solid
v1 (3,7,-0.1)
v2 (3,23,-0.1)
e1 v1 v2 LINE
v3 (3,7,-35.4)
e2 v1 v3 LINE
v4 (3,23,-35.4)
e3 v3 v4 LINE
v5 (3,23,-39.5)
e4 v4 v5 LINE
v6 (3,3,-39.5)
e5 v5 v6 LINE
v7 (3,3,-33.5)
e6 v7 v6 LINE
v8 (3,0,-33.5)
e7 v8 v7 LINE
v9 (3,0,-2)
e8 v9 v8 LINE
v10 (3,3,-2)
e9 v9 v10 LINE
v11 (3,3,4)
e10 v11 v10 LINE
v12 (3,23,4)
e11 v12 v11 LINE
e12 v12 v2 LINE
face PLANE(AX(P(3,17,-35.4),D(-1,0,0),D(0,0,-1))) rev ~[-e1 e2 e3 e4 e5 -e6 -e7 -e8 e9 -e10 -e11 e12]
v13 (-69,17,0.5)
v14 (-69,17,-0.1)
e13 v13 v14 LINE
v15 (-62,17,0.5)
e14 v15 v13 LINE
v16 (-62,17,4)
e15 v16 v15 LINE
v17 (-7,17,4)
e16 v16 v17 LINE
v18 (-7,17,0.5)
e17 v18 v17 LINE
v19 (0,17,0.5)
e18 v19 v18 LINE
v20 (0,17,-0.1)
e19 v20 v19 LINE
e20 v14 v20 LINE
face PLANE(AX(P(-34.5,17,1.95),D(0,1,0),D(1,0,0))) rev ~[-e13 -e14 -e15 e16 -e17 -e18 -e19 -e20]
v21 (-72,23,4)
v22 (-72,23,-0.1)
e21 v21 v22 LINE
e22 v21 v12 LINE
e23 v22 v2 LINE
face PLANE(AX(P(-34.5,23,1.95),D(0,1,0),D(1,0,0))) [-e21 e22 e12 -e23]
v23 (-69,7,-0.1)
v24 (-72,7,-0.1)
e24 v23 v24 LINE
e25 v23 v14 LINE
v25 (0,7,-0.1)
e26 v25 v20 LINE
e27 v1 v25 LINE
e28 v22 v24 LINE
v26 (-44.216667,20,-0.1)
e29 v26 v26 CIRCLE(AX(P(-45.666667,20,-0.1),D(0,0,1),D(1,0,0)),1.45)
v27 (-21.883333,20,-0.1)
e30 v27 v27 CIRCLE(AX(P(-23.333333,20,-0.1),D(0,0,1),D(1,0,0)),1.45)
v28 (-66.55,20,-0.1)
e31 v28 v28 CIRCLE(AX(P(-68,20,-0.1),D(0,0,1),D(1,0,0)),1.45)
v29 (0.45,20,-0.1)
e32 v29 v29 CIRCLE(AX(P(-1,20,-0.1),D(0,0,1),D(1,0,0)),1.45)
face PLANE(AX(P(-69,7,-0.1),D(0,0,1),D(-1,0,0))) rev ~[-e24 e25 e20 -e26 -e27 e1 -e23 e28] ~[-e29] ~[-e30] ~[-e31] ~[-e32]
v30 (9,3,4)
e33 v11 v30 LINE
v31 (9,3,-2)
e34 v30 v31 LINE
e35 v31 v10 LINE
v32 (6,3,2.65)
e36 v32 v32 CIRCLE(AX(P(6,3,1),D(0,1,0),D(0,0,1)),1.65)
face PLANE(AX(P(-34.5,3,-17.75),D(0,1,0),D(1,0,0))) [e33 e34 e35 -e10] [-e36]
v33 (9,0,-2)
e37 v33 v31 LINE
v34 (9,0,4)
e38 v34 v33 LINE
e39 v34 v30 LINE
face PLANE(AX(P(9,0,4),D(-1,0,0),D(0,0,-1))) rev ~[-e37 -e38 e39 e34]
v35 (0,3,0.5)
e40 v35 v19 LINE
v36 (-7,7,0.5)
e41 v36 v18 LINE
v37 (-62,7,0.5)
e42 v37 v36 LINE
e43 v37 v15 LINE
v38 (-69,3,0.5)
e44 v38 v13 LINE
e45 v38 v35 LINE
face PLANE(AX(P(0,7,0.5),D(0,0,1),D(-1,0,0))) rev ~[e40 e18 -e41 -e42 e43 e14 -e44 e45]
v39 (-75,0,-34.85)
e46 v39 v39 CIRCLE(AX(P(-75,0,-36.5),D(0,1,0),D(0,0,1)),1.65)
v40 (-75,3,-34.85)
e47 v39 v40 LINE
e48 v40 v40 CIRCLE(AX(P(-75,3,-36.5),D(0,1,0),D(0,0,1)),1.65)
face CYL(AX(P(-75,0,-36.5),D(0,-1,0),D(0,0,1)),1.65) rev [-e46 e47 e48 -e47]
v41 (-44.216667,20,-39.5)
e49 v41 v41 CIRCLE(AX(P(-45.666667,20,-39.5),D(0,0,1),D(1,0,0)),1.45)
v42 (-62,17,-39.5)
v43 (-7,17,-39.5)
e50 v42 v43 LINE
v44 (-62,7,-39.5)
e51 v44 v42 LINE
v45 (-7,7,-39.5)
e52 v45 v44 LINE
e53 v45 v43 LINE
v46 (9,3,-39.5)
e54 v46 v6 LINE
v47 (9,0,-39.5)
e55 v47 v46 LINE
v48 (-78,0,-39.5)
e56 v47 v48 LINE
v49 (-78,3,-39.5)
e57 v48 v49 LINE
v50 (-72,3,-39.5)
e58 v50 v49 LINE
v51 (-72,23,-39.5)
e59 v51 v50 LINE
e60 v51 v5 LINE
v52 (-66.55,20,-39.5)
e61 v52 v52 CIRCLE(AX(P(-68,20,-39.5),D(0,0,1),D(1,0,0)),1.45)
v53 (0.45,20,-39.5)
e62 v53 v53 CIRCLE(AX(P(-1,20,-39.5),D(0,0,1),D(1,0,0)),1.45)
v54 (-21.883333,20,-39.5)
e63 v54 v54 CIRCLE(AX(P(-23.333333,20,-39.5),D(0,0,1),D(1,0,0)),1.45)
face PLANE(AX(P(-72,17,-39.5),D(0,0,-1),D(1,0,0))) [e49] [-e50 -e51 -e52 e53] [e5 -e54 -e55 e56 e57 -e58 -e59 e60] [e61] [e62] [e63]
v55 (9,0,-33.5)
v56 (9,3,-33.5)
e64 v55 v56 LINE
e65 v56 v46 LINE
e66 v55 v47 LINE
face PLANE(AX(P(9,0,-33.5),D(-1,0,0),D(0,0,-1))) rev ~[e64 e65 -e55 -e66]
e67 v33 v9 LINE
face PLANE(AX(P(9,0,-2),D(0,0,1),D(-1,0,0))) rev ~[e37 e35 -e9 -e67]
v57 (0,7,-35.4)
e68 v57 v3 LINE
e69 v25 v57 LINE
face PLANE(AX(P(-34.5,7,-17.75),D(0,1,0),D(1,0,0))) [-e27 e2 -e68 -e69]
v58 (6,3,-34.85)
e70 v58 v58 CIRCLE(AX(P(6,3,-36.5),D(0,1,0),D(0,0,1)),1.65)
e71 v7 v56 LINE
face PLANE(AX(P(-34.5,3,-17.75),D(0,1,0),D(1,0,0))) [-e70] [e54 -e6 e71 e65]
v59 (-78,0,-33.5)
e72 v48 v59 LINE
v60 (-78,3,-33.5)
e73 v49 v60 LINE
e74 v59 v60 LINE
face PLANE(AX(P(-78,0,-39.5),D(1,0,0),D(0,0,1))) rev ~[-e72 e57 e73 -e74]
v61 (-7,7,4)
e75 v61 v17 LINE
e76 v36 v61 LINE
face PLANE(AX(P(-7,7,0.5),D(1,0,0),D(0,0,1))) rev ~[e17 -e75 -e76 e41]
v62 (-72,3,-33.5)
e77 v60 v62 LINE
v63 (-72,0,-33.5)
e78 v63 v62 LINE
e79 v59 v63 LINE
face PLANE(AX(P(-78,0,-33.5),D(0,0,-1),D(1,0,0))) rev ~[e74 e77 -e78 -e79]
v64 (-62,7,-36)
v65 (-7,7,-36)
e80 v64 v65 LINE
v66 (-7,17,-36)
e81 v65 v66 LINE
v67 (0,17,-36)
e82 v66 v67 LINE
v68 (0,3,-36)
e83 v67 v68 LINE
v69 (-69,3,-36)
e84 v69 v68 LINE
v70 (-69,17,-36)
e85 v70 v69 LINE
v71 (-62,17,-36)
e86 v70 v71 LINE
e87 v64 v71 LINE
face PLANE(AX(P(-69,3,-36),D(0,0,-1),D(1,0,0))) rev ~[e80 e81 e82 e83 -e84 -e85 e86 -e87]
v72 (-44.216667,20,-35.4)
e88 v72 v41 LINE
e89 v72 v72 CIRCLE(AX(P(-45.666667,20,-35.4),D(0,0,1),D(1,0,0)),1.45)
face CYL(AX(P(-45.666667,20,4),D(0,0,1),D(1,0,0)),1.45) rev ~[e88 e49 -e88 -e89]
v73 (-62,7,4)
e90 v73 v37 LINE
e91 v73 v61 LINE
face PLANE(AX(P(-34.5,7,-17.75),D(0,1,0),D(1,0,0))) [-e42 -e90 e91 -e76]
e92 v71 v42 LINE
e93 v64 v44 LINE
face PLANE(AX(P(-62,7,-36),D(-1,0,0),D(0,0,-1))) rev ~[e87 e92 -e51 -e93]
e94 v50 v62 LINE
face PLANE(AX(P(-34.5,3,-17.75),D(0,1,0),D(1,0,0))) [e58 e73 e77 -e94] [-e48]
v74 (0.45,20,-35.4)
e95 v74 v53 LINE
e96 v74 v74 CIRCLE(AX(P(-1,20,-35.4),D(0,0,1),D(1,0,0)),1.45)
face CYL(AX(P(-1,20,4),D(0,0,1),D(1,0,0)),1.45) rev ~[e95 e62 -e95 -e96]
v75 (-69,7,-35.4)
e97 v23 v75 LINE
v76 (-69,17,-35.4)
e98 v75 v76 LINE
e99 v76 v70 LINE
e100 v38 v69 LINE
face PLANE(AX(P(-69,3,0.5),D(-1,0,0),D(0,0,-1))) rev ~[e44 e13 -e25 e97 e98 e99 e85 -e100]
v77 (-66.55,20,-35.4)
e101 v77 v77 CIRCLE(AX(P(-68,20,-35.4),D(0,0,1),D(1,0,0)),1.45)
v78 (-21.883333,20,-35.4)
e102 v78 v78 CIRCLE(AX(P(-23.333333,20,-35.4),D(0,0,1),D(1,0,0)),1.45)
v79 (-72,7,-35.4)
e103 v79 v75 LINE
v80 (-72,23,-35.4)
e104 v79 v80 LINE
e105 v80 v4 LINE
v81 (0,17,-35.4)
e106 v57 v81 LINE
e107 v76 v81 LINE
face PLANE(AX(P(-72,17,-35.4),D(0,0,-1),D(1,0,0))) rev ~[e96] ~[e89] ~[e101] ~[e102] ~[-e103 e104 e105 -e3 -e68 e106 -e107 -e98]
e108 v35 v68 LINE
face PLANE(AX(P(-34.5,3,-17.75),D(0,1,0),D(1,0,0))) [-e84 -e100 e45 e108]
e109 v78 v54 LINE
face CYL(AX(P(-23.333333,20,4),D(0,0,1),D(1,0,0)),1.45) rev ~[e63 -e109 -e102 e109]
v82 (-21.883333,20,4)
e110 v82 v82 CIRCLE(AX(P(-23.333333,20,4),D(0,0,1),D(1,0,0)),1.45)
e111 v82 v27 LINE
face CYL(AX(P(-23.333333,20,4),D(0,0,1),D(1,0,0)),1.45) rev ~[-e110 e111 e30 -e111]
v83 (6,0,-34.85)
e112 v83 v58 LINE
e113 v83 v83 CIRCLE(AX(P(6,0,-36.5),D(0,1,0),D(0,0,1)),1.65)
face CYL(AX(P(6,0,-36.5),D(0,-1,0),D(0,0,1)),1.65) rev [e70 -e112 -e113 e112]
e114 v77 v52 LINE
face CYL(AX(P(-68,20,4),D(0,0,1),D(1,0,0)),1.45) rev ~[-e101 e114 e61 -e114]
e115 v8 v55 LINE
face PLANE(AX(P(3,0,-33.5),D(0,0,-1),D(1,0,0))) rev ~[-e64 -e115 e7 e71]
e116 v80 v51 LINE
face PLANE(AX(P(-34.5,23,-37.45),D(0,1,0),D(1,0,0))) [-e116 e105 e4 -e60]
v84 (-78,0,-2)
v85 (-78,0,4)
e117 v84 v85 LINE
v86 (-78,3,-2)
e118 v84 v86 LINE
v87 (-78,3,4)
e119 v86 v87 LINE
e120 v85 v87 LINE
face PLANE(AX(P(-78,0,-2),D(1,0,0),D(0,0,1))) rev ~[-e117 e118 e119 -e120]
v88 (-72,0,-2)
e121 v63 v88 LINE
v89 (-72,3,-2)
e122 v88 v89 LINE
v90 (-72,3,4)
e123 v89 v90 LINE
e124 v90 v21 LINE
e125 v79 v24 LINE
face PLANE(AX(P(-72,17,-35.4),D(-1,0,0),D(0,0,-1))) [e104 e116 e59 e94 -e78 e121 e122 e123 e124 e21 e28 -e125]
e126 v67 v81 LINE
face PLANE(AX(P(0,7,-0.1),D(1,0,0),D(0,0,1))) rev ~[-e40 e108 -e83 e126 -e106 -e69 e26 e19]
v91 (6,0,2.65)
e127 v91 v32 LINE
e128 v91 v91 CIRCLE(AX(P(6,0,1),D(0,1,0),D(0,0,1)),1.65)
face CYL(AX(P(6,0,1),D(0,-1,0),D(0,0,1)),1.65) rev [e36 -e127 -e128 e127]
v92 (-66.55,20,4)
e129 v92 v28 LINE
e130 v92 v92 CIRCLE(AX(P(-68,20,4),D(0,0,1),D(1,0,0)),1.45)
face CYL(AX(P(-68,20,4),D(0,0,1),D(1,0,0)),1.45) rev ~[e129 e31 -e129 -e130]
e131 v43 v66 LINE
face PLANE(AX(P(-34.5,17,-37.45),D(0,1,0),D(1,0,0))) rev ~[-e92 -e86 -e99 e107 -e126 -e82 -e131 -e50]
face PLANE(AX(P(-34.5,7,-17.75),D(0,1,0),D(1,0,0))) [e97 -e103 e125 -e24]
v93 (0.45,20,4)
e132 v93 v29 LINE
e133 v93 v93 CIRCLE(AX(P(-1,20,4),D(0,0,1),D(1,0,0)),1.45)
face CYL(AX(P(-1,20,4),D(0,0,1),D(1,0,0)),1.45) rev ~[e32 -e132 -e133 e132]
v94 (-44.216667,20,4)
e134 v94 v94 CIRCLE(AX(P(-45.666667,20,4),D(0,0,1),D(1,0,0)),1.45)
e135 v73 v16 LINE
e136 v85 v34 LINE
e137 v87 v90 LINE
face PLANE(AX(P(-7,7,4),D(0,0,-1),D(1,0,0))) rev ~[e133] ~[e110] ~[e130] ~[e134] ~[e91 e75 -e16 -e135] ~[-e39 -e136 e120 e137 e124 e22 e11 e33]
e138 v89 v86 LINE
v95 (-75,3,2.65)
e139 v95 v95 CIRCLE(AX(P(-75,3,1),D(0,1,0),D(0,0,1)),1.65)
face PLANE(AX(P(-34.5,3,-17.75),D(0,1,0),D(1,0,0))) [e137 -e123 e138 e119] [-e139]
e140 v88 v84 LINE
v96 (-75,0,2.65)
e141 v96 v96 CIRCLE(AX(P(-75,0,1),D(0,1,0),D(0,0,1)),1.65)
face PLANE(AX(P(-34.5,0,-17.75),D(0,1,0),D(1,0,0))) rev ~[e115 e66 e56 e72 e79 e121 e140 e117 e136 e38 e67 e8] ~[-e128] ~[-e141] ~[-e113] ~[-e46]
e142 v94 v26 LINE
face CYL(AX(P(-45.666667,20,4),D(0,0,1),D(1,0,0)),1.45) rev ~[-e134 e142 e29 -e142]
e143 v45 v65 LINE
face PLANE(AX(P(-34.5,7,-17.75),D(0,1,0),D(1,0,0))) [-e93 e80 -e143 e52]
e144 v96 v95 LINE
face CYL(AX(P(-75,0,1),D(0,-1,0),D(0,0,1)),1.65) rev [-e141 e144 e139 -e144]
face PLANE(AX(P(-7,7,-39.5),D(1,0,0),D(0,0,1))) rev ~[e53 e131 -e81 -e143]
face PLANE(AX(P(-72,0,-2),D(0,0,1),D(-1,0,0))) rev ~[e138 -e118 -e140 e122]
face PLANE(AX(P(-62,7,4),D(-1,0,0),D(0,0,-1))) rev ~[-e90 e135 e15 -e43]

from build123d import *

# Parameters (mm, degrees)
SKETCH1_R           = 1.65
BOSS_EXTRUDE1_DEPTH = 3
SKETCH2_W           = 69
SKETCH2_H           = 36.5
BOSS_EXTRUDE2_DEPTH = 4
BOSS_EXTRUDE3_DEPTH = 10
SKETCH4_W           = 75
SKETCH4_H           = 4.1
BOSS_EXTRUDE4_DEPTH = 6
SKETCH5_R           = 1.45
CUT_EXTRUDE1_DEPTH  = 93.2239123


with BuildPart() as part:
    # Sketch1 → Boss-Extrude1 (new body)
    with BuildSketch(Plane(origin=(0, 0, 0), x_dir=(1, 0, 0), z_dir=(0, 1, 0))):
        Polygon((-78, 39.5), (-78, 33.5), (-72, 33.5), (-72, 2), (-78, 2), (-78, -4), (9, -4), (9, 2), (3, 2), (3, 33.5), (9, 33.5), (9, 39.5), align=None)
        with Locations(Location((-75, 36.5, 0), (0, 0, 270))):
            Circle(SKETCH1_R, mode=Mode.SUBTRACT)
        with Locations(Location((6, 36.5, 0), (0, 0, 270))):
            Circle(SKETCH1_R, mode=Mode.SUBTRACT)
        with Locations(Location((-75, -1, 0), (0, 0, 270))):
            Circle(SKETCH1_R, mode=Mode.SUBTRACT)
        with Locations(Location((6, -1, 0), (0, 0, 270))):
            Circle(SKETCH1_R, mode=Mode.SUBTRACT)
    extrude(amount=BOSS_EXTRUDE1_DEPTH)

    # Sketch2 → Boss-Extrude2 (add)
    with BuildSketch(Plane(origin=(0, 3, 0), x_dir=(1, 0, 0), z_dir=(0, 1, 0))):
        Polygon((-72, 39.5), (-72, 33.5), (-72, 2), (-72, -4), (3, -4), (3, 2), (3, 33.5), (3, 39.5), align=None)
        with Locations((-34.5, 17.75)):
            Rectangle(SKETCH2_W, SKETCH2_H, mode=Mode.SUBTRACT)
    extrude(amount=BOSS_EXTRUDE2_DEPTH)

    # Sketch3 → Boss-Extrude3 (add)
    with BuildSketch(Plane(origin=(0, 7, 0), x_dir=(1, 0, 0), z_dir=(0, 1, 0))):
        Polygon((3, -4), (3, 0.1), (0, 0.1), (0, -0.5), (-7, -0.5), (-7, -4), align=None)
        Polygon((3, 39.5), (-7, 39.5), (-7, 36), (0, 36), (0, 35.4), (3, 35.4), align=None)
        Polygon((-72, 39.5), (-72, 35.4), (-69, 35.4), (-69, 36), (-62, 36), (-62, 39.5), align=None)
        Polygon((-72, -4), (-62, -4), (-62, -0.5), (-69, -0.5), (-69, 0.1), (-72, 0.1), align=None)
    extrude(amount=BOSS_EXTRUDE3_DEPTH)

    # Sketch4 → Boss-Extrude4 (add)
    with BuildSketch(Plane(origin=(0, 17, 0), x_dir=(1, 0, 0), z_dir=(0, 1, 0))):
        with Locations((-34.5, 37.45)):
            Rectangle(SKETCH4_W, SKETCH4_H)
        with Locations((-34.5, -1.95)):
            Rectangle(SKETCH4_W, SKETCH4_H)
    extrude(amount=BOSS_EXTRUDE4_DEPTH)

    # Sketch5 → Cut-Extrude1 (cut, through all)
    with BuildSketch(Plane.XY.offset(4)):
        with Locations((-68, 20)):
            Circle(SKETCH5_R)
        with Locations((-45.666666667, 20)):
            Circle(SKETCH5_R)
        with Locations((-23.333333333, 20)):
            Circle(SKETCH5_R)
        with Locations((-1, 20)):
            Circle(SKETCH5_R)
    extrude(amount=-CUT_EXTRUDE1_DEPTH, mode=Mode.SUBTRACT)


solid = part.part
